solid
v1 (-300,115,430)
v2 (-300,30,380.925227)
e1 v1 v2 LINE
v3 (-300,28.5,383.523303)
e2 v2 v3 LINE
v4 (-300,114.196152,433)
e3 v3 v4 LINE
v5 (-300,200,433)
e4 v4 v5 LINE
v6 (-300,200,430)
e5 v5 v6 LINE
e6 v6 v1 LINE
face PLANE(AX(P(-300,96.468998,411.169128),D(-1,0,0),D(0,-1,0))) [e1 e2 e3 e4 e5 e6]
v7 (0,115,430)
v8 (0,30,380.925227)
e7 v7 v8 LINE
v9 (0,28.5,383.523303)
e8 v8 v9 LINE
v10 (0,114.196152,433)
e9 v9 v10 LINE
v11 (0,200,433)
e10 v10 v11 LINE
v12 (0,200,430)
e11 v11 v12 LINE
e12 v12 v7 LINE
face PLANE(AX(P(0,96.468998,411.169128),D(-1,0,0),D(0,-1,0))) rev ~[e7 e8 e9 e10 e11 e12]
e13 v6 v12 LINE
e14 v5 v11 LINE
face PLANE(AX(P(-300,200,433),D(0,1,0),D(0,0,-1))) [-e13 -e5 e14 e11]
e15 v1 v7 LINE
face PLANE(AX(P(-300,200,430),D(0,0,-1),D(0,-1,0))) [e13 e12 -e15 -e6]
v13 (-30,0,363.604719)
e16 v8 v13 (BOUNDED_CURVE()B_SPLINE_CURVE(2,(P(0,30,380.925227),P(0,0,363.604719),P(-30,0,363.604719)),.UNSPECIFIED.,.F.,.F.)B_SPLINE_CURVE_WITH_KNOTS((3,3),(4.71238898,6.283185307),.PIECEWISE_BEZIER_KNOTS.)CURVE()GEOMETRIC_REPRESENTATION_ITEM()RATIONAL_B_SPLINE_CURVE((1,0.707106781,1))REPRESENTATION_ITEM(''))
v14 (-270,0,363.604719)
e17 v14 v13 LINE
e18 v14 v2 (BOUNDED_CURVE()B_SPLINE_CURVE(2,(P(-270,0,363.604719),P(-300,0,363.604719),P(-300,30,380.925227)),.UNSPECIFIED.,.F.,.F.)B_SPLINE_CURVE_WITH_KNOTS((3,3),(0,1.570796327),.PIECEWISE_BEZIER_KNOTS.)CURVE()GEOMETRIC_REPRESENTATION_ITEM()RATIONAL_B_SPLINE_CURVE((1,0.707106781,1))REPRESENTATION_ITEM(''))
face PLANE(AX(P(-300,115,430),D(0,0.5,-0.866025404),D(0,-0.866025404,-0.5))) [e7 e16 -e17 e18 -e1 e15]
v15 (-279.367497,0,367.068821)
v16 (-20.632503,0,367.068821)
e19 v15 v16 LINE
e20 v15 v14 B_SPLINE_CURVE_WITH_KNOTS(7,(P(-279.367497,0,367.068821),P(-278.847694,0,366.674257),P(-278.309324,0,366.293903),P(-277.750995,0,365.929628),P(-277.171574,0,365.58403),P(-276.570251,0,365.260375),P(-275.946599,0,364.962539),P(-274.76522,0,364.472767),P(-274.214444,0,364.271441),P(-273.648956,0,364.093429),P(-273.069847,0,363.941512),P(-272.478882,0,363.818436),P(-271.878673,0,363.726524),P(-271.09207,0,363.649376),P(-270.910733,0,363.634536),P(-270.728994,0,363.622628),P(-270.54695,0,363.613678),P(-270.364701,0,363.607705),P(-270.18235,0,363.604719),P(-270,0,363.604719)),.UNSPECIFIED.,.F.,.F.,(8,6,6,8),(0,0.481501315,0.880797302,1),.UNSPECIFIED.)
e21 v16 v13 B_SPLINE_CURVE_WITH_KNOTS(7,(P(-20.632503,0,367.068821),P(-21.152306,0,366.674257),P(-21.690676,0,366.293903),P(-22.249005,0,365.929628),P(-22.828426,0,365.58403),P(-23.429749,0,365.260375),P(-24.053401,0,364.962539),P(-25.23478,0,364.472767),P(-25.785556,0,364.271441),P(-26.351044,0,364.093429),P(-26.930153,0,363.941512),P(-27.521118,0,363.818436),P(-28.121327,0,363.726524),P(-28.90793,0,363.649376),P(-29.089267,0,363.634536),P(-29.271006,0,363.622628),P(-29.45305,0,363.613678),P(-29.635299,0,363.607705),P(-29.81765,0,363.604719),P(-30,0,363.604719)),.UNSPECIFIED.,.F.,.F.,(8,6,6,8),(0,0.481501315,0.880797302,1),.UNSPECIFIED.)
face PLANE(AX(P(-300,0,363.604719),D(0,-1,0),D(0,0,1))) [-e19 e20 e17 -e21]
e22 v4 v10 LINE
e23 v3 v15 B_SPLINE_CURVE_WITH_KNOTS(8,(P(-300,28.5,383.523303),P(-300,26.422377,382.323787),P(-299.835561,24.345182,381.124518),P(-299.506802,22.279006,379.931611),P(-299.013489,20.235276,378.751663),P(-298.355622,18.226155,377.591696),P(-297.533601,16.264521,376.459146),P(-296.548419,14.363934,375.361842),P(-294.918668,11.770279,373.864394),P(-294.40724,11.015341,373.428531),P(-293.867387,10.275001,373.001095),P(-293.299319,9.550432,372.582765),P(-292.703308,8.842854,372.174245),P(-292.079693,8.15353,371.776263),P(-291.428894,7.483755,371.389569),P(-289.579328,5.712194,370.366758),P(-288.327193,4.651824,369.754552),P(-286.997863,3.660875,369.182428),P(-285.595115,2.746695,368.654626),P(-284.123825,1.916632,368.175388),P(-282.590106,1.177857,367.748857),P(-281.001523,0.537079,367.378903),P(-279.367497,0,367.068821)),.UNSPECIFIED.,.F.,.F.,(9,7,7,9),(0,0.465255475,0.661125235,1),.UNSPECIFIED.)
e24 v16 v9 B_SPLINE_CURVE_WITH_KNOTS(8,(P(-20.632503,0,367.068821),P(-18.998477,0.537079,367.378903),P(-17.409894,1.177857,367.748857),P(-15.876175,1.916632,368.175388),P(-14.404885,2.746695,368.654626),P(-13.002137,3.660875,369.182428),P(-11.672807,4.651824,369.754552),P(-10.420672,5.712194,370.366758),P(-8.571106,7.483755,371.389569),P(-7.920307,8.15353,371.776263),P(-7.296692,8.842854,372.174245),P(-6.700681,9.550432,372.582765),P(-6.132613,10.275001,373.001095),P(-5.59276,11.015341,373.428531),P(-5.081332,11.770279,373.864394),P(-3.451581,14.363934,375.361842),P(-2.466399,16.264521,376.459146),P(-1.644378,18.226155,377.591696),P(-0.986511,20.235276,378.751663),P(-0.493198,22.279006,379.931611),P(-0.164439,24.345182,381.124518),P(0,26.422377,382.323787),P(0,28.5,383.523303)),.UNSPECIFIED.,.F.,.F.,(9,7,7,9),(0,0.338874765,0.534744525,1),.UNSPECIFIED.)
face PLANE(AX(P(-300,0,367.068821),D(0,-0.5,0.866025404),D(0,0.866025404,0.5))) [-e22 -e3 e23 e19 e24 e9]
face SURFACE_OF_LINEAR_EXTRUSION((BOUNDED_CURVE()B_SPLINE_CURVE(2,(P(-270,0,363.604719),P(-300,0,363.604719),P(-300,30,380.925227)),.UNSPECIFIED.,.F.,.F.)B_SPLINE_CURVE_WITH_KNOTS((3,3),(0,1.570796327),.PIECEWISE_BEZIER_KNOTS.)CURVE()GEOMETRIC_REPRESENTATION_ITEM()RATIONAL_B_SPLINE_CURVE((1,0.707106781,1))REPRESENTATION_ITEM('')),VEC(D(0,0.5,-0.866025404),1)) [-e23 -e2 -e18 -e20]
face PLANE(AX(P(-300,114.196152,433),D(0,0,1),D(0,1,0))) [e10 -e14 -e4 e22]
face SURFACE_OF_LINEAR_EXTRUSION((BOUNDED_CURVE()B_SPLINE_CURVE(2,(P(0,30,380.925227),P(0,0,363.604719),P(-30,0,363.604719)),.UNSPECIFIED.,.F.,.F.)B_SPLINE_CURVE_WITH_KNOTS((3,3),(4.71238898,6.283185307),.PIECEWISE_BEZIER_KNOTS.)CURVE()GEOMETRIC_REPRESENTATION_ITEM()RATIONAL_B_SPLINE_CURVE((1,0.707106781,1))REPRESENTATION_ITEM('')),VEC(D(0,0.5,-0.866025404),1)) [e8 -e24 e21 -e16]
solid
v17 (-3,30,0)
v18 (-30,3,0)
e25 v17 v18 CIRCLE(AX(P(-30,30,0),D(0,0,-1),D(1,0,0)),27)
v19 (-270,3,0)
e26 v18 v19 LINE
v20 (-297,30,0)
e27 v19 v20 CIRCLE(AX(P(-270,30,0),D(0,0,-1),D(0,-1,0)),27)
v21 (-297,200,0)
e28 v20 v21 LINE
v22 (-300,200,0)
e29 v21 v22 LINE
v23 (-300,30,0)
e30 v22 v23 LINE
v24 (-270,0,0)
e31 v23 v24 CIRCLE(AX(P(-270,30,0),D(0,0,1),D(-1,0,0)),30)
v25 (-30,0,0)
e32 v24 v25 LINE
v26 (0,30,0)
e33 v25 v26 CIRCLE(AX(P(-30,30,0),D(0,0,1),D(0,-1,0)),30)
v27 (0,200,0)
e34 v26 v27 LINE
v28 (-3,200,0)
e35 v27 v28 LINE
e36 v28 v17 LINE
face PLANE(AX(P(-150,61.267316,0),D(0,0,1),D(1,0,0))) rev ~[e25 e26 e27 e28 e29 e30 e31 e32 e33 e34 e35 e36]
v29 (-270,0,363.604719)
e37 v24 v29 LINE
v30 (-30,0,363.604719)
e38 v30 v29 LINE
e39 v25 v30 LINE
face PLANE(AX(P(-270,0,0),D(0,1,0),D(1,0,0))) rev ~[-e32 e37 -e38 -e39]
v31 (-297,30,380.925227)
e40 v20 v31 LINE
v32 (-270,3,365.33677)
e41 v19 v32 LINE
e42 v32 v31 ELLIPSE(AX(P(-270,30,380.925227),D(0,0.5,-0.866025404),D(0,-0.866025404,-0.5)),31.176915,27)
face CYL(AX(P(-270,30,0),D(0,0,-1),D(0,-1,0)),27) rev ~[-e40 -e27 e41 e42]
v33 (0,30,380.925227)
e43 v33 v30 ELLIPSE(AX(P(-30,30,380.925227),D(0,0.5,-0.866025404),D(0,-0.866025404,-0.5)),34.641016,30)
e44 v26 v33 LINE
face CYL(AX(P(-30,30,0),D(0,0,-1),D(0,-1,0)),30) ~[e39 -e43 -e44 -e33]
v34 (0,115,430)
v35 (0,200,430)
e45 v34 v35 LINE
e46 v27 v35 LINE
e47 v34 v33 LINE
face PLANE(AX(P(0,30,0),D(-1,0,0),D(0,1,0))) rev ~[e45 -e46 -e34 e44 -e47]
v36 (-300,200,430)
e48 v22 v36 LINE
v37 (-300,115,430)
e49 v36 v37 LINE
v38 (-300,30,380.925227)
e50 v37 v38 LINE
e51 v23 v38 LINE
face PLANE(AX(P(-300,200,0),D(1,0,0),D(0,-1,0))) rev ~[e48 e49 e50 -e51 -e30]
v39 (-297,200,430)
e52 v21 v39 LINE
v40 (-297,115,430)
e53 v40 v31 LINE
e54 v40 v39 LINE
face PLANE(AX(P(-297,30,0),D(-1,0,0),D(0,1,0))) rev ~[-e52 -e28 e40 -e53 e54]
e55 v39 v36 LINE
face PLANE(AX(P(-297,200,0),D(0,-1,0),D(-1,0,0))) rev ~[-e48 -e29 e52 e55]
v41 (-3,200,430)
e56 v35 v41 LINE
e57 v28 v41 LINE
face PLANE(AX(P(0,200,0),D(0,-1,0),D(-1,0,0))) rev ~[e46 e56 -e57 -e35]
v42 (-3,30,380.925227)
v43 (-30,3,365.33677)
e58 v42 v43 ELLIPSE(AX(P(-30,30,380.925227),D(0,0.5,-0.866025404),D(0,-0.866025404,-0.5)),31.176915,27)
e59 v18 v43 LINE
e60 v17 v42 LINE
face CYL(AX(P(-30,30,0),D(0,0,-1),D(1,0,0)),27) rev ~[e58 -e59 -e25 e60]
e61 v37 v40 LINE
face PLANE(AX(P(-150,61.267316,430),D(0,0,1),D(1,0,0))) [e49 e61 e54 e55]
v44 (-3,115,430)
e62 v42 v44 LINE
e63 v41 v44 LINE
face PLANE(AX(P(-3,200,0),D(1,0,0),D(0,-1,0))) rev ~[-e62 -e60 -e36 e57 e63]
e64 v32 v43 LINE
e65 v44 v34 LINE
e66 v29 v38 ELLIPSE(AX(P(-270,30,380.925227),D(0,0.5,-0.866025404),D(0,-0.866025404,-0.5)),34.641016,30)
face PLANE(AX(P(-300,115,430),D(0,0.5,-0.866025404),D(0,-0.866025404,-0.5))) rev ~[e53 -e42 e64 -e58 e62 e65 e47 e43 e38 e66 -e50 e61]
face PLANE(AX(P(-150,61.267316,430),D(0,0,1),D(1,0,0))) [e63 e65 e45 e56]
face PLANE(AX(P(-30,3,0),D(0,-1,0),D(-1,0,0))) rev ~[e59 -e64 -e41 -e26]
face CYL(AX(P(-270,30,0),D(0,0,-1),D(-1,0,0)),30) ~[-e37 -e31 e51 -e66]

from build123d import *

# Parameters (mm, degrees)
F1_DEPTH = 430
F3_DEPTH = 455
F5_DEPTH = 300
F7_DEPTH = 16


with BuildPart() as f1:
    # F0 (on Top) → F1 (new body)
    with BuildSketch(Plane.XY):
        with BuildLine():
            Line((-270, 0), (-30, 0))
            ThreePointArc((-30, 0), (-8.7867965644, 8.7867965644), (0, 30))
            Line((0, 30), (0, 200))
            Line((0, 200), (-3, 200))
            Line((-3, 200), (-3, 30))
            ThreePointArc((-3, 30), (-10.908116908, 10.908116908), (-30, 3))
            Line((-30, 3), (-270, 3))
            ThreePointArc((-270, 3), (-289.091883092, 10.908116908), (-297, 30))
            Line((-297, 30), (-297, 200))
            Line((-297, 200), (-300, 200))
            Line((-300, 200), (-300, 30))
            ThreePointArc((-300, 30), (-291.2132034356, 8.7867965644), (-270, 0))
        make_face()
    extrude(amount=F1_DEPTH)

    # F2 (on face) → F3 (cut)
    with BuildSketch(Plane(origin=(-300, 0, 0), x_dir=(0, -1, 0), z_dir=(-1, 0, 0))):
        Polygon((118.6937963123, 430), (-30, 430), (-30, 380.9252271189), (118.6937963123, 295.0768237912), align=None)
        Polygon((-30, 430), (-115, 430), (-30, 380.9252271189), align=None)
    extrude(amount=-F3_DEPTH, mode=Mode.SUBTRACT)


with BuildPart() as f5:
    # F4 (on face) → F5 (new body)
    with BuildSketch(Plane(origin=(-300, 0, 0), x_dir=(0, -1, 0), z_dir=(-1, 0, 0))):
        Polygon((-200, 430), (-115, 430), (-30, 380.9252271189), (0, 363.6047190432), (0, 367.0688206583), (-28.5, 383.5233033302), (-114.1961524227, 433), (-200, 433), align=None)
    extrude(amount=-F5_DEPTH)

    # F6 (on face) → F7 (cut)
    with BuildSketch(Plane(origin=(0, -157.4454618137, 272.7035392824), x_dir=(1, 0, 0), z_dir=(0, 0.5, -0.8660254038))):
        with BuildLine():
            Line((0, -181.8023595216), (-30, -181.8023595216))
            add(Edge.make_bspline(
                [(0, -216.443375673), (0, -181.8023595216), (-30, -181.8023595216)],
                knots=[4.7123889804, 4.7123889804, 4.7123889804, 6.2831853072, 6.2831853072, 6.2831853072], degree=2, weights=[1, 0.7071067812, 1]))
            Line((0, -216.443375673), (0, -181.8023595216))
        make_face()
        with BuildLine():
            add(Edge.make_bspline(
                [(-270, -181.8023595216), (-300, -181.8023595216), (-300, -216.443375673)],
                knots=[0, 0, 0, 1.5707963268, 1.5707963268, 1.5707963268], degree=2, weights=[1, 0.7071067812, 1]))
            Line((-270, -181.8023595216), (-300, -181.8023595216))
            Line((-300, -181.8023595216), (-300, -216.443375673))
        make_face()
    extrude(amount=-F7_DEPTH, mode=Mode.SUBTRACT)


solid = Compound([f1.part, f5.part])
